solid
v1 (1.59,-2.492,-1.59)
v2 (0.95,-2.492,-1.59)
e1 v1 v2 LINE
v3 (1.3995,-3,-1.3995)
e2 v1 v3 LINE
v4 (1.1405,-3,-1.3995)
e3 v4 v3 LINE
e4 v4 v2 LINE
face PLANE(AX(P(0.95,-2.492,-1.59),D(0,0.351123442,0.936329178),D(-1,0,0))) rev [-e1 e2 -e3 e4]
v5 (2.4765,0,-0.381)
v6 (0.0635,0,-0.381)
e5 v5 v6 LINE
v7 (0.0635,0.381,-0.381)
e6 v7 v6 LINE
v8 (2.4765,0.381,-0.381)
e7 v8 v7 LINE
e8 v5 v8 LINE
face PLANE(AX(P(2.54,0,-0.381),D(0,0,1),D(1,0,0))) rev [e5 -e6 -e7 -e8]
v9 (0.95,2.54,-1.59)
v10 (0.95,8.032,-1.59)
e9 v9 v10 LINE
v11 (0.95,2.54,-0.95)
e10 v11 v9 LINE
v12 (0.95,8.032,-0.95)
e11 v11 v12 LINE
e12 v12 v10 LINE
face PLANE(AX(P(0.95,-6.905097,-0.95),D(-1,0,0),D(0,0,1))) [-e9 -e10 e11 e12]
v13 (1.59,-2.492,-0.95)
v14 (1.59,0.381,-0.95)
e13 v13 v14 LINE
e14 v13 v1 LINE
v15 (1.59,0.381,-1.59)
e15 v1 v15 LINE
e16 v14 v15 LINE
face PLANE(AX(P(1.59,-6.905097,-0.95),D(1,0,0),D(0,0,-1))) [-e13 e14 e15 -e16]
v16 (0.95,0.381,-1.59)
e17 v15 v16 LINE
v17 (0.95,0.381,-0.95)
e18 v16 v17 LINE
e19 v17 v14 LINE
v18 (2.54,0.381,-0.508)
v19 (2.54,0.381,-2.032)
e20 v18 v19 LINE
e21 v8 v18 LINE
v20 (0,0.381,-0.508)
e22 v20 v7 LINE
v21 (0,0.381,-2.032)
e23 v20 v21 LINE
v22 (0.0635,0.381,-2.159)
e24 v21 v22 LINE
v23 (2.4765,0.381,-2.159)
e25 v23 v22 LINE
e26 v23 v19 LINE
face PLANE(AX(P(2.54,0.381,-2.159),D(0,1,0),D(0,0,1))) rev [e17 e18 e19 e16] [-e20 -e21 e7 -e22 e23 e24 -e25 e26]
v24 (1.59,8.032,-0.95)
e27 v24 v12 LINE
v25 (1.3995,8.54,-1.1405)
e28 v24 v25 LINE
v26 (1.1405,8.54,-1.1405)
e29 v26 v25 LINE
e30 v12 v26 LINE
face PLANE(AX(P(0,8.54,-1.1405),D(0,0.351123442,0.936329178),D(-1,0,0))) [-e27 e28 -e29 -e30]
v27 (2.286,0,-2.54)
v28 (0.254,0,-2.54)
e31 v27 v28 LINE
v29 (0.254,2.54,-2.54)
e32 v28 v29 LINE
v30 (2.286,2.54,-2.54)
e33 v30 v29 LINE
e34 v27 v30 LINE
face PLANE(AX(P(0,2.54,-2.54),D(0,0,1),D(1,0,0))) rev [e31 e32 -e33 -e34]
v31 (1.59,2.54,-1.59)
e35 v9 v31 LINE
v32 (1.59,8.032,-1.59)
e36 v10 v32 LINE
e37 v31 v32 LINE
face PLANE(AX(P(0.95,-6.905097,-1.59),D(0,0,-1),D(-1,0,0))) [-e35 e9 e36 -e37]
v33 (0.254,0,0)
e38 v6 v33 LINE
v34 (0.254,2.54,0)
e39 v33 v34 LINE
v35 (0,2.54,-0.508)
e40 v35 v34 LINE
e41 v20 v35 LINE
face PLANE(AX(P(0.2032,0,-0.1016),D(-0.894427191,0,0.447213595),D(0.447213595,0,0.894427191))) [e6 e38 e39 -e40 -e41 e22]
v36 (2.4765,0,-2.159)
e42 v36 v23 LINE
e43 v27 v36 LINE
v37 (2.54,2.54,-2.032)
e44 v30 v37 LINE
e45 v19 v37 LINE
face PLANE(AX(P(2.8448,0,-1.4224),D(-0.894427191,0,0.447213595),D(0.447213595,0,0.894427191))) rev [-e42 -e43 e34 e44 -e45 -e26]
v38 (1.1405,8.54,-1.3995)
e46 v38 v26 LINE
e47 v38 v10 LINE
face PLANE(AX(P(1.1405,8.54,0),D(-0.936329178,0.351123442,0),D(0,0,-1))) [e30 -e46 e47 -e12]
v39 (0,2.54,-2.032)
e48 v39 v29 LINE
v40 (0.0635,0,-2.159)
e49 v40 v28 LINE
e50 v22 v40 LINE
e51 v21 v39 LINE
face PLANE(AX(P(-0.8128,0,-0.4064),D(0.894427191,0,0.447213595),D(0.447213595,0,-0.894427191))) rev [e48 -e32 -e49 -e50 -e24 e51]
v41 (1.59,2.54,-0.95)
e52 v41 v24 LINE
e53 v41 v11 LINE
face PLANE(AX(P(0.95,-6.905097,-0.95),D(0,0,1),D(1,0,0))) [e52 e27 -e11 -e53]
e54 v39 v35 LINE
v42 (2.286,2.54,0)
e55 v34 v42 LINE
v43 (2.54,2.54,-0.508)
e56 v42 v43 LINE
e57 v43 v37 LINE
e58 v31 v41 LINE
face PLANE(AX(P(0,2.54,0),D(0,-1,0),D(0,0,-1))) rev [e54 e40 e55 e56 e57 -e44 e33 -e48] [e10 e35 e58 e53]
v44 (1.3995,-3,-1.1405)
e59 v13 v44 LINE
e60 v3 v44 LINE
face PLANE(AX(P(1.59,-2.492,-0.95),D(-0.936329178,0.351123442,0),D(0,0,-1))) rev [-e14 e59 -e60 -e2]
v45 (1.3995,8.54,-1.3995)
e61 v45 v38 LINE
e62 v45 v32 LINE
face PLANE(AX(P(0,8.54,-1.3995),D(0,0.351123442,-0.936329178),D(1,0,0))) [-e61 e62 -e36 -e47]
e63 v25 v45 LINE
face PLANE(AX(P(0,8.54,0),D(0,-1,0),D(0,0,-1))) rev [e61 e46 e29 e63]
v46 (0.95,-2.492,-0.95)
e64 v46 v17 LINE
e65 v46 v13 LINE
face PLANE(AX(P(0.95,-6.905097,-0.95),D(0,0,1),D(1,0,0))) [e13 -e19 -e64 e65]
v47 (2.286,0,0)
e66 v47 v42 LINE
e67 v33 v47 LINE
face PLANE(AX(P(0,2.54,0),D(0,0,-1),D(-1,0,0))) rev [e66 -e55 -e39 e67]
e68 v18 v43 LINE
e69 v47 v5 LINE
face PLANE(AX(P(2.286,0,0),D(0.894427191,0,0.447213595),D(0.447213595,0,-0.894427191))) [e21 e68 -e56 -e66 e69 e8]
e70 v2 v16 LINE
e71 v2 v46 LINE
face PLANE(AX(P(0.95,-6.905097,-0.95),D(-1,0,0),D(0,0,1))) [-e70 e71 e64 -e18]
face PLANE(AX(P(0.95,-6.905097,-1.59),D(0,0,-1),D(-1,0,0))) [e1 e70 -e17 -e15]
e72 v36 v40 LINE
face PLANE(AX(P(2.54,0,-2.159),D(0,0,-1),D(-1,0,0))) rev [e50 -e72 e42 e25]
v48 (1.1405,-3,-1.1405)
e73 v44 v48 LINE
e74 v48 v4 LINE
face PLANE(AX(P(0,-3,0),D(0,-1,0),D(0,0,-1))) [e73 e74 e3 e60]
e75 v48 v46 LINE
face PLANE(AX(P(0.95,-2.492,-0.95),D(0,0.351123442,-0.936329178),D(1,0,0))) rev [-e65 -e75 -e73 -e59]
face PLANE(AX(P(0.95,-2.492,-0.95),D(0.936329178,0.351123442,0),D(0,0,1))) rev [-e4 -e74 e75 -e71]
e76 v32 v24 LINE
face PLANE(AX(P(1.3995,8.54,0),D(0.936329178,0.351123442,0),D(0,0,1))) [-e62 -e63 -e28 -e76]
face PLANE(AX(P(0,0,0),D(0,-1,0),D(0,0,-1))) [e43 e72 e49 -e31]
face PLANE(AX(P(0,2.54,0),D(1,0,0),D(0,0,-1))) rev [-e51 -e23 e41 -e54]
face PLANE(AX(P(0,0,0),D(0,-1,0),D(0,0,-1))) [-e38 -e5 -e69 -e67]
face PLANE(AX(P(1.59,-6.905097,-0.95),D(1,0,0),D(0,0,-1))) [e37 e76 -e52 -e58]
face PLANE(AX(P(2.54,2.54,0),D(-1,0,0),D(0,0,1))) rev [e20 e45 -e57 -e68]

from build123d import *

# Parameters (mm, degrees)
SKETCH1_W             = 2.54
SKETCH1_H             = 2.54
MAIN_BODY_DEPTH       = 2.54
SKETCH3_W             = 1.778
SKETCH3_H             = 0.381
CUT_EXTRUDE1_DEPTH    = 3.54
CUT_EXTRUDE2_DEPTH    = 3.54
SKETCH2_W             = 0.64
SKETCH2_H             = 0.64
PIN_DEPTH             = 6
PIN_DEPTH_BACK        = 5.54
CHAMFER1_SIZE         = 0.508
CHAMFER1_SIZE2        = 0.1905
CHAMFER1_PART_2_SIZE  = 0.508
CHAMFER1_PART_2_SIZE2 = 0.1905
CHAMFER1_PART_3_SIZE  = 0.508
CHAMFER1_PART_3_SIZE2 = 0.1905
CHAMFER1_PART_4_SIZE  = 0.508
CHAMFER1_PART_4_SIZE2 = 0.1905
CHAMFER2_SIZE         = 0.1905
CHAMFER2_SIZE2        = 0.508


with BuildPart() as part:
    # Sketch1 → Main Body (new body)
    with BuildSketch(Plane(origin=(0, 0, 0), x_dir=(1, 0, 0), z_dir=(0, 1, 0))):
        with Locations((1.27, 1.27)):
            Rectangle(SKETCH1_W, SKETCH1_H)
    extrude(amount=MAIN_BODY_DEPTH)

    # Sketch3 → Cut-Extrude1 (cut, through all)
    with BuildSketch(Plane.ZY):
        with Locations((-1.27, 0.1905)):
            Rectangle(SKETCH3_W, SKETCH3_H)
    extrude(amount=-CUT_EXTRUDE1_DEPTH, mode=Mode.SUBTRACT)

    # Sketch4 → Cut-Extrude2 (cut, through all)
    with BuildSketch(Plane(origin=(0, 2.54, 0), x_dir=(1, 0, 0), z_dir=(0, 1, 0))):
        Polygon((0.254, 2.54), (0, 2.54), (0, 2.032), align=None)
        Polygon((2.54, 2.54), (2.286, 2.54), (2.54, 2.032), align=None)
        Polygon((0.254, 0), (0, 0.508), (0, 0), align=None)
        Polygon((2.54, 0), (2.286, 0), (2.54, 0.508), align=None)
    extrude(amount=-CUT_EXTRUDE2_DEPTH, mode=Mode.SUBTRACT)

    # Sketch2 → Pin (add, two sides)
    with BuildSketch(Plane(origin=(0, 2.54, 0), x_dir=(1, 0, 0), z_dir=(0, 1, 0))) as pin_sk:
        with Locations((1.27, 1.27)):
            Rectangle(SKETCH2_W, SKETCH2_H)
    extrude(amount=PIN_DEPTH)
    extrude(pin_sk.sketch, amount=-PIN_DEPTH_BACK)

    # Chamfer1
    chamfer1_edges = [part.edges().sort_by_distance(p)[0] for p in [
        (0.95, 8.54, -1.27),
    ]]
    chamfer1_side = [part.faces().sort_by_distance(p)[0] for p in [
        (0.95, 5.54, -1.27),
    ]]
    chamfer(chamfer1_edges, length=CHAMFER1_SIZE, length2=CHAMFER1_SIZE2, reference=chamfer1_side[0])

    # Chamfer1 part 2
    chamfer1_part_2_edges = [part.edges().sort_by_distance(p)[0] for p in [
        (1.27, 8.54, -0.95),
    ]]
    chamfer1_part_2_side = [part.faces().sort_by_distance(p)[0] for p in [
        (1.27, 5.54, -0.95),
    ]]
    chamfer(chamfer1_part_2_edges, length=CHAMFER1_PART_2_SIZE, length2=CHAMFER1_PART_2_SIZE2, reference=chamfer1_part_2_side[0])

    # Chamfer1 part 3
    chamfer1_part_3_edges = [part.edges().sort_by_distance(p)[0] for p in [
        (1.59, 8.54, -1.27),
    ]]
    chamfer1_part_3_side = [part.faces().sort_by_distance(p)[0] for p in [
        (1.59, 5.54, -1.27),
    ]]
    chamfer(chamfer1_part_3_edges, length=CHAMFER1_PART_3_SIZE, length2=CHAMFER1_PART_3_SIZE2, reference=chamfer1_part_3_side[0])

    # Chamfer1 part 4
    chamfer1_part_4_edges = [part.edges().sort_by_distance(p)[0] for p in [
        (1.27, 8.54, -1.59),
    ]]
    chamfer1_part_4_side = [part.faces().sort_by_distance(p)[0] for p in [
        (1.27, 5.54, -1.59),
    ]]
    chamfer(chamfer1_part_4_edges, length=CHAMFER1_PART_4_SIZE, length2=CHAMFER1_PART_4_SIZE2, reference=chamfer1_part_4_side[0])

    # Chamfer2
    chamfer2_edges = [part.edges().sort_by_distance(p)[0] for p in [
        (1.27, -3, -1.59),
        (0.95, -3, -1.27),
        (1.27, -3, -0.95),
        (1.59, -3, -1.27),
    ]]
    chamfer2_side = [part.faces().sort_by_distance(p)[0] for p in [
        (1.27, -3, -1.27),
    ]]
    chamfer(chamfer2_edges, length=CHAMFER2_SIZE, length2=CHAMFER2_SIZE2, reference=chamfer2_side[0])


solid = part.part
